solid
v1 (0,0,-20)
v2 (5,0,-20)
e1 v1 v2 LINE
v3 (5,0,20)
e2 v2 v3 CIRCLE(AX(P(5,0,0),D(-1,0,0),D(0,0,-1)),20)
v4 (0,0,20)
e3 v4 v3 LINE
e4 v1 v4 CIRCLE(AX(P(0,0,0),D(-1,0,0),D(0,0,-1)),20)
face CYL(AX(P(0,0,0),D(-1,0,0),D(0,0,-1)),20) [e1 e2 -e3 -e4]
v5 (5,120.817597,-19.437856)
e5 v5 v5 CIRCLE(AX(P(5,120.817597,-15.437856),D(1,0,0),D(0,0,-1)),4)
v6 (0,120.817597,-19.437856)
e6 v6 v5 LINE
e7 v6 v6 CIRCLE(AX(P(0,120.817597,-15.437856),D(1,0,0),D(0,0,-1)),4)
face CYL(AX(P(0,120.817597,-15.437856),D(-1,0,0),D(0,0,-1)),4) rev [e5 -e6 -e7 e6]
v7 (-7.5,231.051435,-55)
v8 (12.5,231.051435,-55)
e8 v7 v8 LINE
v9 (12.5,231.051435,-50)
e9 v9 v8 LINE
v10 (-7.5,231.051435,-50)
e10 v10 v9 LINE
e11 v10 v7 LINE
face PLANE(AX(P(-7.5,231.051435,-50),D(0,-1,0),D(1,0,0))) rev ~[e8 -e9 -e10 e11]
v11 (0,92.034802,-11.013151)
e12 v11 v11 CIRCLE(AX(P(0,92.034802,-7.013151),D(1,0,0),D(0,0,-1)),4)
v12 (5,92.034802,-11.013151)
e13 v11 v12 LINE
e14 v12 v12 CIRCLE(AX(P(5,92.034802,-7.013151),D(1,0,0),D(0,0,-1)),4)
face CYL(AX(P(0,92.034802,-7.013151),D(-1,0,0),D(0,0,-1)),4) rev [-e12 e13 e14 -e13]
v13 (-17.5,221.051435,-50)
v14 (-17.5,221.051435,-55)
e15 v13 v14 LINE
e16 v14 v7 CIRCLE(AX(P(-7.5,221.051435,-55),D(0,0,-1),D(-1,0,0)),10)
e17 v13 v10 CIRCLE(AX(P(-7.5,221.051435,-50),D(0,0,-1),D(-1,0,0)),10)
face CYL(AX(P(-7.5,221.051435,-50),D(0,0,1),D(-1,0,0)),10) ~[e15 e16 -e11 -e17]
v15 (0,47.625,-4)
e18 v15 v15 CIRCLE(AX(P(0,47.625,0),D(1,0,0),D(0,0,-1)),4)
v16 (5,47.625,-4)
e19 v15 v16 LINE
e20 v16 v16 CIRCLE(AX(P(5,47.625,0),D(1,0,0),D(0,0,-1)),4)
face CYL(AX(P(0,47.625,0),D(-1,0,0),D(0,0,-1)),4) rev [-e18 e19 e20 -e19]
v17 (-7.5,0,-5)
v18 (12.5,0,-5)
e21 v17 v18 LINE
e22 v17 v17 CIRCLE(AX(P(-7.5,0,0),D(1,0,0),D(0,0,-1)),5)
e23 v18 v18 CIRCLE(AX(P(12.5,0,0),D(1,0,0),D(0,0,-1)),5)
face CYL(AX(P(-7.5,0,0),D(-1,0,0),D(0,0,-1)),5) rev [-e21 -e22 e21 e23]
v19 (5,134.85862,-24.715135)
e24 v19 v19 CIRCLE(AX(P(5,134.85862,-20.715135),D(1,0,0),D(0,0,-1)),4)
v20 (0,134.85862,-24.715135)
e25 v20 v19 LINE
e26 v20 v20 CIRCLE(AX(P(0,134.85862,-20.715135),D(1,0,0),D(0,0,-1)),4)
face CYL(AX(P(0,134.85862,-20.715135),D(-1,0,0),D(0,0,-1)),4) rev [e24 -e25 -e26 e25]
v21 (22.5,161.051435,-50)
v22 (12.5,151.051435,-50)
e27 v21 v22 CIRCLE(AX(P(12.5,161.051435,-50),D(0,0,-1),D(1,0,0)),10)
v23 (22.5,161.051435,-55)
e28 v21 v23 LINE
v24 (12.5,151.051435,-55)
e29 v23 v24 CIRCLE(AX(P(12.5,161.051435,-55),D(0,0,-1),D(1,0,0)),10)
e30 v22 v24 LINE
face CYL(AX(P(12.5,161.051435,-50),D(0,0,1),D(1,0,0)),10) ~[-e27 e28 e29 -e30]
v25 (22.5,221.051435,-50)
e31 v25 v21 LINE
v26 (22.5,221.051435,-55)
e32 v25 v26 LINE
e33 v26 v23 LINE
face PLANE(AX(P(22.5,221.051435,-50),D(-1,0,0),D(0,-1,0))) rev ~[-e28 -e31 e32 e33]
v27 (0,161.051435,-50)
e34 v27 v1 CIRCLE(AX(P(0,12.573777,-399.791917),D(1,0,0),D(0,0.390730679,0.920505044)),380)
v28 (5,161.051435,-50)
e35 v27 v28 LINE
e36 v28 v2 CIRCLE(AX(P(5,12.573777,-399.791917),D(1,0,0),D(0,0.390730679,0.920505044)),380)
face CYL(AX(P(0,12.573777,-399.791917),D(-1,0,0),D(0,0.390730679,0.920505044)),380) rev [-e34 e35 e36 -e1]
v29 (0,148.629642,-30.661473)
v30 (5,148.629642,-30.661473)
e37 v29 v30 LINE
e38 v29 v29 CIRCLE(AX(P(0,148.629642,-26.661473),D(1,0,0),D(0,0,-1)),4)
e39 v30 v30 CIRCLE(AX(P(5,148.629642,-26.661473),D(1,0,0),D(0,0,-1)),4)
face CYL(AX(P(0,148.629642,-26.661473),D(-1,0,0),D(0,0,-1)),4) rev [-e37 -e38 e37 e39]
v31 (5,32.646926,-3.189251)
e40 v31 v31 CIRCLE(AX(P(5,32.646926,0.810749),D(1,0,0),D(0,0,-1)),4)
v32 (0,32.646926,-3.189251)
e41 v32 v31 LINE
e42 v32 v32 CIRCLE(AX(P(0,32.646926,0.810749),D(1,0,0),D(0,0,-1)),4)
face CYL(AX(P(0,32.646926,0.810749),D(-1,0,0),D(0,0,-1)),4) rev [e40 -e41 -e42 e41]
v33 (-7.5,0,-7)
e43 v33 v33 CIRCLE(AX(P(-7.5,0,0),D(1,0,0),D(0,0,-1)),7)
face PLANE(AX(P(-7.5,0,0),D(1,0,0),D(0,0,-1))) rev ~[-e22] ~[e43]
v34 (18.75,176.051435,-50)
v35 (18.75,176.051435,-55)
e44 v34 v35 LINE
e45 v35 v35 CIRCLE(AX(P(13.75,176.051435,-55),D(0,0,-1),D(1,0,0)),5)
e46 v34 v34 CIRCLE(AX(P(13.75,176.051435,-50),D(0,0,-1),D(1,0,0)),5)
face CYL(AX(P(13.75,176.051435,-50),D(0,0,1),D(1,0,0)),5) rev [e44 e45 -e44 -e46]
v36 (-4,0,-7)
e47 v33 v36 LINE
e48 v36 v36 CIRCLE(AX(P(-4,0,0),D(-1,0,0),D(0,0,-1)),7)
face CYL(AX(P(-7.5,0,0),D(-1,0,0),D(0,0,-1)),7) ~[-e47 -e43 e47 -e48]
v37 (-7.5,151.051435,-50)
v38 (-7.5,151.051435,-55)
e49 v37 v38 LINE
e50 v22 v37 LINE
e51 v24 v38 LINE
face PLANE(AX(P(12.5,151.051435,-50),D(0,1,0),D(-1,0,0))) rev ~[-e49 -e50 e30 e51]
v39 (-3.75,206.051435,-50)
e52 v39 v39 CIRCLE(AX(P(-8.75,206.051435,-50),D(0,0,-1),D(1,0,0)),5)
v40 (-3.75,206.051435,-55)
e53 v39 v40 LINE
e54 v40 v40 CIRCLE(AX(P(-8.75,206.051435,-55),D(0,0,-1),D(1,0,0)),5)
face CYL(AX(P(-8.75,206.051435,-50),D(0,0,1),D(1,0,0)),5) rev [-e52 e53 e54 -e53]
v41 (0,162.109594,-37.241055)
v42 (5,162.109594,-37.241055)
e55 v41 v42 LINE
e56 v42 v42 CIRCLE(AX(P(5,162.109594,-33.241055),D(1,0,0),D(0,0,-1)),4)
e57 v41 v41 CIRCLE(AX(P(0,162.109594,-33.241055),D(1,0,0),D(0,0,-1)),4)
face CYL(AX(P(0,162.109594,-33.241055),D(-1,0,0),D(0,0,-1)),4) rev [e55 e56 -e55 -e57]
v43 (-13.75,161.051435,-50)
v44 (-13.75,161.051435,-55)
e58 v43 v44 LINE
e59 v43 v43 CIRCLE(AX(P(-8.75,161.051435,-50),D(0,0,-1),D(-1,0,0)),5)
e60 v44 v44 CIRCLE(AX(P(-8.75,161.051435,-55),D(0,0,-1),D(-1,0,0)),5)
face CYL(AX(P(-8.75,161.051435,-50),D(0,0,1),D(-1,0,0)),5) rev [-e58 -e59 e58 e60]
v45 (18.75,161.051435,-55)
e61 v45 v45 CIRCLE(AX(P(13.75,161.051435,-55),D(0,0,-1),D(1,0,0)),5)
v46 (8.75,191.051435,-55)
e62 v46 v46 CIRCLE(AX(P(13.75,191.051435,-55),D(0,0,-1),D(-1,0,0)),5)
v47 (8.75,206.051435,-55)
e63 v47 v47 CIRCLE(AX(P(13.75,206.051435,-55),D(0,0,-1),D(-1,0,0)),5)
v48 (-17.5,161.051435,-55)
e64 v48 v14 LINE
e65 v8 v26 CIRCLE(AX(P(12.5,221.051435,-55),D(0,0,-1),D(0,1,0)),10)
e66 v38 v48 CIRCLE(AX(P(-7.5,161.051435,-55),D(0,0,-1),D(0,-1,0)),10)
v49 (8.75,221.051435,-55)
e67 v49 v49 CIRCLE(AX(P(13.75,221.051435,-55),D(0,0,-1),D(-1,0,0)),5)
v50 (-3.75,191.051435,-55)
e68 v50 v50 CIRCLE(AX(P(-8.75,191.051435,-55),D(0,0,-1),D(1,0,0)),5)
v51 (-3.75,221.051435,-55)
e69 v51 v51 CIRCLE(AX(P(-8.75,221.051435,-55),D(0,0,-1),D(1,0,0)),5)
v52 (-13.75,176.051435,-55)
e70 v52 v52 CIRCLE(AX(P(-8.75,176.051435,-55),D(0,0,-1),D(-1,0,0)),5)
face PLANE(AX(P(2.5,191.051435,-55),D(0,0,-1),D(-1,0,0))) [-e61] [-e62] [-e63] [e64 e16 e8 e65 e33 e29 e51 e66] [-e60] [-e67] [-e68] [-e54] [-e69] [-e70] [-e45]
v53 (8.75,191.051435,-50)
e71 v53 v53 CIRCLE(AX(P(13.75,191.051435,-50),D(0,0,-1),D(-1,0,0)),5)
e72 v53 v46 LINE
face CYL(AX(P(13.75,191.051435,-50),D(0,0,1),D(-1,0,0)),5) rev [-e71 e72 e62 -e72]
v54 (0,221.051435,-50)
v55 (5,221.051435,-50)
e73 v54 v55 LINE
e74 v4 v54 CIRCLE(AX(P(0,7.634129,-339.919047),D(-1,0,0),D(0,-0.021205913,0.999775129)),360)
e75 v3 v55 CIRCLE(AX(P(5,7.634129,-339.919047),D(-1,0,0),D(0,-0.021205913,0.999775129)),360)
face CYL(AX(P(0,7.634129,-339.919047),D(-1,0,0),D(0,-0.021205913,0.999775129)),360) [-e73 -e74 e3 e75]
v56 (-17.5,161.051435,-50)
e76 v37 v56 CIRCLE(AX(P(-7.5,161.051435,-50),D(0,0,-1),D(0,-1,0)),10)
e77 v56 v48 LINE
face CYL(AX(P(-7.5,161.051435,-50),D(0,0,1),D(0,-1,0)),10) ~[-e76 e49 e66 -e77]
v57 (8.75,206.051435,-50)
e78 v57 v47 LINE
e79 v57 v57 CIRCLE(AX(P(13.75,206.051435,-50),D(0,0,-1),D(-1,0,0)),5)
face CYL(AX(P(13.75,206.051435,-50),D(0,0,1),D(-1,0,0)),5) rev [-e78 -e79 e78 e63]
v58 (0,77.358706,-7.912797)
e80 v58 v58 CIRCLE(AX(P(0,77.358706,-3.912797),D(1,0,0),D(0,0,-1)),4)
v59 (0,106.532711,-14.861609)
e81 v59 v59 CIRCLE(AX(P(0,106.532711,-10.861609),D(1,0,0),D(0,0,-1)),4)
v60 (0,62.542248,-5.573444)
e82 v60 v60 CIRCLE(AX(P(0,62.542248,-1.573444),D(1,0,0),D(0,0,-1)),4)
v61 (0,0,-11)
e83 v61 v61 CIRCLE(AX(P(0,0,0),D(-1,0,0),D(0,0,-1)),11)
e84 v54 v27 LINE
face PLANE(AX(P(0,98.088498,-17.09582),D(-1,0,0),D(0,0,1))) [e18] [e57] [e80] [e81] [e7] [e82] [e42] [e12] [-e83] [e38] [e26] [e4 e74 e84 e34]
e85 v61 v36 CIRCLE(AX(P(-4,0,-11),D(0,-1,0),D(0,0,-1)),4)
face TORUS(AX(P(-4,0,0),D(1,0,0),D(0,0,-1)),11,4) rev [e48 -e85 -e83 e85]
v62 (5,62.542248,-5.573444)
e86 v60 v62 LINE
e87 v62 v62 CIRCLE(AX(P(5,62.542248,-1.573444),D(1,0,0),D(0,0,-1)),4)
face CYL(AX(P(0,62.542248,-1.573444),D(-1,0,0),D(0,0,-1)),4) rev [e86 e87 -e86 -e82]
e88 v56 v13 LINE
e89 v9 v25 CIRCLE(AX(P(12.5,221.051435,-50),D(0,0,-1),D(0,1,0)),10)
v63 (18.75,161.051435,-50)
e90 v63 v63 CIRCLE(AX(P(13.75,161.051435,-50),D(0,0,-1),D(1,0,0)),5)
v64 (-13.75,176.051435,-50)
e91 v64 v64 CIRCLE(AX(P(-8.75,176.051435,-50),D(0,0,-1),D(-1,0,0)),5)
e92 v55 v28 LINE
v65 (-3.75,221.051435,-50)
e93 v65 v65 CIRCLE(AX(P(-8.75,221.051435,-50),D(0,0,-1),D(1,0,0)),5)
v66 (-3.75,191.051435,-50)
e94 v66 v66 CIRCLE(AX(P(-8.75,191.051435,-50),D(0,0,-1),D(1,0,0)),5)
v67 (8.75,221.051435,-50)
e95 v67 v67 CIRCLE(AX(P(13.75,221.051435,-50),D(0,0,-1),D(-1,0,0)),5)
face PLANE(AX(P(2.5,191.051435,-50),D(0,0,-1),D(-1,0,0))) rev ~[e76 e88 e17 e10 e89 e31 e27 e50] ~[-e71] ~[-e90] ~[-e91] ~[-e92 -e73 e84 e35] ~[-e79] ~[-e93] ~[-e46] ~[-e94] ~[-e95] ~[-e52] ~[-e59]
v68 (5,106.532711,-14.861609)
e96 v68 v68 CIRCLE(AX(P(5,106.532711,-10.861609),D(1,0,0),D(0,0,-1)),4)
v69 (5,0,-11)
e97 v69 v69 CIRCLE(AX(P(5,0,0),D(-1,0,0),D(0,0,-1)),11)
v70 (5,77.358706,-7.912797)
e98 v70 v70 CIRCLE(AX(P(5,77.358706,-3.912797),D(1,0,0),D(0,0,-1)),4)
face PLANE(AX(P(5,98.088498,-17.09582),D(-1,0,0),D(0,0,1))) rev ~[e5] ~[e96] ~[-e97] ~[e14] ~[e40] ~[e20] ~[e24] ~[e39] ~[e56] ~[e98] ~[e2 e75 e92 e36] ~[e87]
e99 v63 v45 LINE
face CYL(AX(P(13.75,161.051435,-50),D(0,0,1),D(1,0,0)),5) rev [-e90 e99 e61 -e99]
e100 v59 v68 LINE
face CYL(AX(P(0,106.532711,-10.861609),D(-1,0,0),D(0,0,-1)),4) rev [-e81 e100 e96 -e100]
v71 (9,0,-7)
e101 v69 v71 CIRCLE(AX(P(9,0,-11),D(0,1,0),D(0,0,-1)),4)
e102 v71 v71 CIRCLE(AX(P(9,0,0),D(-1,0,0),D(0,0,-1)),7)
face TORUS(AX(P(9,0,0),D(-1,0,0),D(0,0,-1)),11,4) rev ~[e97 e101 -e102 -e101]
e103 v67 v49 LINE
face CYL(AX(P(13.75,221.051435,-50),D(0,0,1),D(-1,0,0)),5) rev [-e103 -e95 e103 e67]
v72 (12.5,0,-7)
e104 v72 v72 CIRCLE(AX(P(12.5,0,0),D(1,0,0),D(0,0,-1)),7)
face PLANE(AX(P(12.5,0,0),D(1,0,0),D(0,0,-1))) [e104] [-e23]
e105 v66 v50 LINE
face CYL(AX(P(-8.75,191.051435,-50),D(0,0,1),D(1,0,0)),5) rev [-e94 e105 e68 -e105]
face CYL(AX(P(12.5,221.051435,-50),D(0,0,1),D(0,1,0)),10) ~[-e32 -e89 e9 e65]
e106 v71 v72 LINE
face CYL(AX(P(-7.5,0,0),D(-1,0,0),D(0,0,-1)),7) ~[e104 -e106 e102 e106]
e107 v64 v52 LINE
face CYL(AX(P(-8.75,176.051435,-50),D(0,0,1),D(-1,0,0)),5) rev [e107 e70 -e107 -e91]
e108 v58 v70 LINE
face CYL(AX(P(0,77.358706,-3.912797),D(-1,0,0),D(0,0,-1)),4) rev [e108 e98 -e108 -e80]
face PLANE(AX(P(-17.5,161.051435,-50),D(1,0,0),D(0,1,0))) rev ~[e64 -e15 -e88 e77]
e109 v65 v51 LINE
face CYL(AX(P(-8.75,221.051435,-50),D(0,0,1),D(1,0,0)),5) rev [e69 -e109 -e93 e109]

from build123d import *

# Parameters (mm, degrees)
SKETCH1_R                = 5
SKETCH1_R_2              = 4
BOSS_EXTRUDE1_DEPTH      = 5
BOSS_EXTRUDE3_DEPTH      = 7.5
BOSS_EXTRUDE3_DEPTH_BACK = 12.5
SKETCH2_R                = 7
SKETCH2_R_2              = 5
SKETCH3_R                = 5
BOSS_EXTRUDE4_DEPTH      = 5
FILLET1_R                = 4


with BuildPart() as part:
    # Sketch1 → Boss-Extrude1 (new body)
    with BuildSketch(Plane(origin=(0, 0, 0), x_dir=(0, 0, -1), z_dir=(1, 0, 0))):
        with BuildLine():
            Line((50, 221.0514346), (50, 161.0514346))
            ThreePointArc((50, 161.0514346), (26.21791649, 82.161607759), (20, 0))
            ThreePointArc((20, 0), (0, -20), (-20, 0))
            ThreePointArc((-20, 0), (-3.28398519, 116.315677296), (50, 221.0514346))
        make_face()
        Circle(SKETCH1_R, mode=Mode.SUBTRACT)
        with Locations((0, 47.625)):
            Circle(SKETCH1_R_2, mode=Mode.SUBTRACT)
        with Locations((1.573444046, 62.542247529)):
            Circle(SKETCH1_R_2, mode=Mode.SUBTRACT)
        with Locations((3.912796623, 77.358705591)):
            Circle(SKETCH1_R_2, mode=Mode.SUBTRACT)
        with Locations((7.013151247, 92.034801844)):
            Circle(SKETCH1_R_2, mode=Mode.SUBTRACT)
        with Locations((10.86160852, 106.532711232)):
            Circle(SKETCH1_R_2, mode=Mode.SUBTRACT)
        with Locations((15.437856468, 120.817596765)):
            Circle(SKETCH1_R_2, mode=Mode.SUBTRACT)
        with Locations((20.715135496, 134.858619736)):
            Circle(SKETCH1_R_2, mode=Mode.SUBTRACT)
        with Locations((26.661473463, 148.629642385)):
            Circle(SKETCH1_R_2, mode=Mode.SUBTRACT)
        with Locations((33.241055411, 162.109594216)):
            Circle(SKETCH1_R_2, mode=Mode.SUBTRACT)
        with Locations((-0.810748538, 32.646926465)):
            Circle(SKETCH1_R_2, mode=Mode.SUBTRACT)
    extrude(amount=BOSS_EXTRUDE1_DEPTH)

    # Sketch2 → Boss-Extrude3 (add, two sides: drawn at the far end of the back side and taken through both)
    with BuildSketch(Plane(origin=(5, 0, 0), x_dir=(0, 0, -1), z_dir=(1, 0, 0)).offset(-BOSS_EXTRUDE3_DEPTH_BACK)):
        Circle(SKETCH2_R)
        Circle(SKETCH2_R_2, mode=Mode.SUBTRACT)
    extrude(amount=BOSS_EXTRUDE3_DEPTH + BOSS_EXTRUDE3_DEPTH_BACK)

    # Sketch3 → Boss-Extrude4 (add)
    with BuildSketch(Plane(origin=(0, 0, -50), x_dir=(-1, 0, 0), z_dir=(0, 0, -1))):
        with BuildLine():
            Line((-12.5, 151.0514346), (7.5, 151.0514346))
            ThreePointArc((7.5, 151.0514346), (14.571067812, 153.980366789), (17.5, 161.0514346))
            Line((17.5, 161.0514346), (17.5, 221.0514346))
            ThreePointArc((17.5, 221.0514346), (14.571067812, 228.122502412), (7.5, 231.0514346))
            Line((7.5, 231.0514346), (-12.5, 231.0514346))
            ThreePointArc((-12.5, 231.0514346), (-19.571067812, 228.122502412), (-22.5, 221.0514346))
            Line((-22.5, 221.0514346), (-22.5, 161.0514346))
            ThreePointArc((-22.5, 161.0514346), (-19.571067812, 153.980366789), (-12.5, 151.0514346))
        make_face()
        with Locations((-13.75, 221.0514346)):
            Circle(SKETCH3_R, mode=Mode.SUBTRACT)
        with Locations((-13.75, 206.0514346)):
            Circle(SKETCH3_R, mode=Mode.SUBTRACT)
        with Locations((-13.75, 191.0514346)):
            Circle(SKETCH3_R, mode=Mode.SUBTRACT)
        with Locations(Location((-13.75, 161.0514346, 0), (0, 0, 180))):
            Circle(SKETCH3_R, mode=Mode.SUBTRACT)
        with Locations(Location((-13.75, 176.0514346, 0), (0, 0, 180))):
            Circle(SKETCH3_R, mode=Mode.SUBTRACT)
        with Locations((8.75, 161.0514346)):
            Circle(SKETCH3_R, mode=Mode.SUBTRACT)
        with Locations((8.75, 176.0514346)):
            Circle(SKETCH3_R, mode=Mode.SUBTRACT)
        with Locations(Location((8.75, 191.0514346, 0), (0, 0, 180))):
            Circle(SKETCH3_R, mode=Mode.SUBTRACT)
        with Locations(Location((8.75, 206.0514346, 0), (0, 0, 180))):
            Circle(SKETCH3_R, mode=Mode.SUBTRACT)
        with Locations(Location((8.75, 221.0514346, 0), (0, 0, 180))):
            Circle(SKETCH3_R, mode=Mode.SUBTRACT)
    extrude(amount=BOSS_EXTRUDE4_DEPTH)

    # Fillet1
    fillet1_edges = [part.edges().sort_by_distance(p)[0] for p in [
        (5, 0, 7),
        (0, 0, 7),
    ]]
    fillet(fillet1_edges, radius=FILLET1_R)


solid = part.part
